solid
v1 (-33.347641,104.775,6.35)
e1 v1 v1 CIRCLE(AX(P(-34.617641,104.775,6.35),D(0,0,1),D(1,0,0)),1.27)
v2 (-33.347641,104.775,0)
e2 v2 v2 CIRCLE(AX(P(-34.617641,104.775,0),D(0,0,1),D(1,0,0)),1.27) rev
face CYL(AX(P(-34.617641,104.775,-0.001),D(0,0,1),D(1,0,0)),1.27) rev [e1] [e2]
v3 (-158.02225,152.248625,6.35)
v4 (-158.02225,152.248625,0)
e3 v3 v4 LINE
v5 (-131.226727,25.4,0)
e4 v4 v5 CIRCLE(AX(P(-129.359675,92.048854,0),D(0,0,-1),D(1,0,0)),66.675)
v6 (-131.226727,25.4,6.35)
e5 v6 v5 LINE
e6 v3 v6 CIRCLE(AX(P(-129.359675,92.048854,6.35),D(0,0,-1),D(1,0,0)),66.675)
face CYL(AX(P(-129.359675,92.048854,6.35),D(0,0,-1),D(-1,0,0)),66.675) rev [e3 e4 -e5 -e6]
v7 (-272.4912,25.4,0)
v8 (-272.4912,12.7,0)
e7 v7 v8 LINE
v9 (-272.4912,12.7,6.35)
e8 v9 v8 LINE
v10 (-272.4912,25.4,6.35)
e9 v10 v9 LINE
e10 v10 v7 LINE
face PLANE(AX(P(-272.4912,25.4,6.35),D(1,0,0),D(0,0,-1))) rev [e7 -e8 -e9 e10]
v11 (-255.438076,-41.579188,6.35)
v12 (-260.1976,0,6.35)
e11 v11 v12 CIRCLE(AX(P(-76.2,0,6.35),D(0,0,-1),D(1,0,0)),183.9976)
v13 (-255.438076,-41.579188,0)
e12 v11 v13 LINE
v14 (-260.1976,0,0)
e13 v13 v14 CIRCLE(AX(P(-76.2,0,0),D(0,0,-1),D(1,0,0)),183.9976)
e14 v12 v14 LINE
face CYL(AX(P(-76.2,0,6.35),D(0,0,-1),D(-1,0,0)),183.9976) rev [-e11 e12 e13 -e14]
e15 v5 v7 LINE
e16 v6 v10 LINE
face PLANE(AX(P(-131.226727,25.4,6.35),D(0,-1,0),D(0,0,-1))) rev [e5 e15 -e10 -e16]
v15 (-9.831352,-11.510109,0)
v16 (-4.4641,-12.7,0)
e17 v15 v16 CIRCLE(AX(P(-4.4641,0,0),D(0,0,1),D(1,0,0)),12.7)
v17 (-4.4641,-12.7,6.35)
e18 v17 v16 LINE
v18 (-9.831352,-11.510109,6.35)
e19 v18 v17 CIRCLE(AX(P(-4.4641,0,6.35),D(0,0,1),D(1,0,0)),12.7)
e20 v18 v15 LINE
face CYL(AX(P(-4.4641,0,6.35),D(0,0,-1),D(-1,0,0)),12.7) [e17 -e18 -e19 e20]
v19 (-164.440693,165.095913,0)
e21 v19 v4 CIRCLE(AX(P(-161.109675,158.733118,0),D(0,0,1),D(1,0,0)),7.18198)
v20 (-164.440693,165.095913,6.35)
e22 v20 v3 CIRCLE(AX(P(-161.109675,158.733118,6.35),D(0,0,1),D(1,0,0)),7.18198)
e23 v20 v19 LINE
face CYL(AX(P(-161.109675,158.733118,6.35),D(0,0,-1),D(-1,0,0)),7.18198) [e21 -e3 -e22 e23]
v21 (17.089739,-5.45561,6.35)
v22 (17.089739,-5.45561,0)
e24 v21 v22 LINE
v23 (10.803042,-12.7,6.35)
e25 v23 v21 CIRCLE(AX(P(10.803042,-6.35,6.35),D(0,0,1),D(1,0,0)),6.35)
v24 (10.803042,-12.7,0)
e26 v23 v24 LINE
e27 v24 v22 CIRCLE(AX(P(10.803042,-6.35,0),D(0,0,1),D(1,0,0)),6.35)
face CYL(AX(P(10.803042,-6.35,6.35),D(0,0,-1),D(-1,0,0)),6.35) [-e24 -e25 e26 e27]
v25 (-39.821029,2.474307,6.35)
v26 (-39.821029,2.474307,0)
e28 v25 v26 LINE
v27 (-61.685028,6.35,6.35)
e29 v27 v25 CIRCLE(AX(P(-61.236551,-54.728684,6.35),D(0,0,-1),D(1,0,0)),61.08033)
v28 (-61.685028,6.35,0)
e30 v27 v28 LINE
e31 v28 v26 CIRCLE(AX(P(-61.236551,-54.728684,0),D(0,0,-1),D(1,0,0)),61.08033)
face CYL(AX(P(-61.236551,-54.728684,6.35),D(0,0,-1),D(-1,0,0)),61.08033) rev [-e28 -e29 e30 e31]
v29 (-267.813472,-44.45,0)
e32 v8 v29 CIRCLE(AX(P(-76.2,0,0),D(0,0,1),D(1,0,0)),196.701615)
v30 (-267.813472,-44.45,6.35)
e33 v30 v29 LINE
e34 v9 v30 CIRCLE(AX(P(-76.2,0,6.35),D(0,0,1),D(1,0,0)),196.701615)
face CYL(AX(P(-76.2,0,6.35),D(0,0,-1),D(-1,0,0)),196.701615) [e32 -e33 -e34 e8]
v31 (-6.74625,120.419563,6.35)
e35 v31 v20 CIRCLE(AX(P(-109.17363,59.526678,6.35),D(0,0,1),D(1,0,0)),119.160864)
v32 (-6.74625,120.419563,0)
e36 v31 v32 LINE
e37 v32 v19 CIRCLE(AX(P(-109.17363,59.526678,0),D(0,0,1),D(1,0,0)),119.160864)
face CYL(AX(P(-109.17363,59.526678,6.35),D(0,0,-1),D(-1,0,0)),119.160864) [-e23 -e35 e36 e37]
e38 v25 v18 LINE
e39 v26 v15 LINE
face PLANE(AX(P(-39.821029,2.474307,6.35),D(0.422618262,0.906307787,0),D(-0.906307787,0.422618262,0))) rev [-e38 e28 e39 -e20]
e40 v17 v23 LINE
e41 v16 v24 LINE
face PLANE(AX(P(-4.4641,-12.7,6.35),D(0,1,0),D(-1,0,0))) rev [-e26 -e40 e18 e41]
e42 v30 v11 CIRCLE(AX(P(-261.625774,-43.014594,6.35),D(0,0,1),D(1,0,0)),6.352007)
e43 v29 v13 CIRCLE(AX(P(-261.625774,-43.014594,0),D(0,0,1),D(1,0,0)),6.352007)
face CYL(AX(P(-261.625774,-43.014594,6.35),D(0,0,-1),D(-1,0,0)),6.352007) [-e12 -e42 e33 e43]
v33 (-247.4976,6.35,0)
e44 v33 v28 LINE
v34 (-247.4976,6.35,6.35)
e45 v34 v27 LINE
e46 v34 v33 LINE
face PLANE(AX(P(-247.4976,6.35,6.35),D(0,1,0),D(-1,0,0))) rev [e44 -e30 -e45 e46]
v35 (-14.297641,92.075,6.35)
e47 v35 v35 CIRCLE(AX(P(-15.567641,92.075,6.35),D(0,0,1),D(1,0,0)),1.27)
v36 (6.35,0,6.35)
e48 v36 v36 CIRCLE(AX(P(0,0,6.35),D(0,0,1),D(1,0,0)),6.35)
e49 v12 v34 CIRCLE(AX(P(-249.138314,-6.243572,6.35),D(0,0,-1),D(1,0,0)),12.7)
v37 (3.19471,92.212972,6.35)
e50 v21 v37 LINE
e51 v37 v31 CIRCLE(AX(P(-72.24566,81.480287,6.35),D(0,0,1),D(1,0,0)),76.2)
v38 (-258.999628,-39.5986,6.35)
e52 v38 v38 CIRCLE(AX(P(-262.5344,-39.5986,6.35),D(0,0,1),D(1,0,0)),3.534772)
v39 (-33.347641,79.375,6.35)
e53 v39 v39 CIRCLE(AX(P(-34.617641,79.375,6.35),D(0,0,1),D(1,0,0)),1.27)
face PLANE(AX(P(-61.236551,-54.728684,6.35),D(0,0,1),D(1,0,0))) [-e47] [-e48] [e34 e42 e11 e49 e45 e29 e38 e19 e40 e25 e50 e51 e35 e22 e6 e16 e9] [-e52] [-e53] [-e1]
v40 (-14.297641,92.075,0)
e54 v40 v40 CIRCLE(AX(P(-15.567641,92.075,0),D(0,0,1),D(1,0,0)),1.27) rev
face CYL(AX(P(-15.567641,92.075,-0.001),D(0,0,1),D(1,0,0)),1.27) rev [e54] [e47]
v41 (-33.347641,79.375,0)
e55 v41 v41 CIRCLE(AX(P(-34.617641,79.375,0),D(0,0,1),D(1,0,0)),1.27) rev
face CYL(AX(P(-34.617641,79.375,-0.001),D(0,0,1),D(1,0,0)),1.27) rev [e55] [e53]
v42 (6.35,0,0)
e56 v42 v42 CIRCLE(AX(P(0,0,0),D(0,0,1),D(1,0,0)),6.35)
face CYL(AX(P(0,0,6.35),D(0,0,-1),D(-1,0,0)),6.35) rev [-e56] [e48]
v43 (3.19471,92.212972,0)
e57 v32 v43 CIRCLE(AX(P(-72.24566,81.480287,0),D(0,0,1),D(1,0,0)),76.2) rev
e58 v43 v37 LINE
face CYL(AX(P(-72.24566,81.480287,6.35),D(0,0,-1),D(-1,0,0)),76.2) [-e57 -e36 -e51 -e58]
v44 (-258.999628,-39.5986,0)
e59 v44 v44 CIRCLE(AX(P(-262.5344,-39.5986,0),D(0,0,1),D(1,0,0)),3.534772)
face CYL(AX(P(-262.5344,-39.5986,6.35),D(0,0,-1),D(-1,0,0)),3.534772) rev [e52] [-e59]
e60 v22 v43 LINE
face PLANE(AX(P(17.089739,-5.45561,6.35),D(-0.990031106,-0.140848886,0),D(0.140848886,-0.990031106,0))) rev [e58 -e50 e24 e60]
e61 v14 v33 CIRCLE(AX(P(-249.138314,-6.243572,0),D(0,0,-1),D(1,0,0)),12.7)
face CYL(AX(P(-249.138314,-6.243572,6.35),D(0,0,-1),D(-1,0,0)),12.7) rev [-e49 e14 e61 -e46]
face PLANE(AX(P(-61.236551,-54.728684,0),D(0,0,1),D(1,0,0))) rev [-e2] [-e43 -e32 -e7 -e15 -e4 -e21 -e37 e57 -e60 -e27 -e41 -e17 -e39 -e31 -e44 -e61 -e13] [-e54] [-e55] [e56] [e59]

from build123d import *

# Parameters (mm, degrees)
SKETCH12_R          = 3.534772165
SKETCH12_R_2        = 6.35
BOSS_EXTRUDE1_DEPTH = 6.35
FILLET1_R           = 76.2
CUT_EXTRUDE1_REACH  = 328.259
SKETCH13_R          = 1.27


with BuildPart() as part:
    # Sketch12 → Boss-Extrude1 (new body)
    with BuildSketch(Plane.XY):
        with BuildLine():
            Line((-39.821029206, 2.474307267), (-9.831351966, -11.510108895))
            ThreePointArc((-9.831351966, -11.510108895), (-7.212883139, -12.39895929), (-4.464100042, -12.7))
            Line((-4.464100042, -12.7), (10.803041567, -12.7))
            ThreePointArc((10.803041567, -12.7), (15.59897105, -10.511917874), (17.089739091, -5.455609571))
            Line((17.089739091, -5.455609571), (1.595718556, 103.452331978))
            ThreePointArc((1.595718556, 103.452331978), (-67.699436665, 171.237030889), (-164.440692675, 165.095912987))
            ThreePointArc((-164.440692675, 165.095912987), (-167.534473509, 155.523319718), (-158.02225004, 152.248624859))
            ThreePointArc((-158.02225004, 152.248624859), (-64.124270807, 105.829190753), (-131.226727106, 25.4))
            Line((-131.226727106, 25.4), (-272.4912, 25.4))
            Line((-272.4912, 25.4), (-272.4912, 12.7))
            ThreePointArc((-272.4912, 12.7), (-272.246013191, -16.046367487), (-267.813472119, -44.45))
            ThreePointArc((-267.813472119, -44.45), (-260.190367935, -49.202291704), (-255.438076231, -41.579187519))
            ThreePointArc((-255.438076231, -41.579187519), (-259.003846596, -20.925354843), (-260.1976, 0))
            ThreePointArc((-260.1976, 0), (-254.817926624, 5.115653247), (-247.4976, 6.35))
            Line((-247.4976, 6.35), (-61.685028221, 6.35))
            ThreePointArc((-61.685028221, 6.35), (-50.5754306, 5.414040325), (-39.821029206, 2.474307267))
        make_face()
        with Locations((-262.5344, -39.5986)):
            Circle(SKETCH12_R, mode=Mode.SUBTRACT)
        Circle(SKETCH12_R_2, mode=Mode.SUBTRACT)
    extrude(amount=BOSS_EXTRUDE1_DEPTH)

    # Fillet1
    fillet1_edges = [part.edges().sort_by_distance(p)[0] for p in [
        (1.595718556, 103.452331978, 3.175),
    ]]
    fillet(fillet1_edges, radius=FILLET1_R)

    # Sketch13 → Cut-Extrude1 (cut, up to next)
    with BuildSketch(Plane.XY.offset(6.35), mode=Mode.PRIVATE) as cut_extrude1_sk1:
        with Locations((-15.567641436, 92.075)):
            Circle(SKETCH13_R)
    cut_extrude1_tool1 = extrude(cut_extrude1_sk1.sketch, amount=-CUT_EXTRUDE1_REACH, mode=Mode.PRIVATE) & part.part
    # Sketch13 → Cut-Extrude1 (cut, up to next)
    with BuildSketch(Plane.XY.offset(6.35), mode=Mode.PRIVATE) as cut_extrude1_sk2:
        with Locations((-34.617641436, 104.775)):
            Circle(SKETCH13_R)
    cut_extrude1_tool2 = extrude(cut_extrude1_sk2.sketch, amount=-CUT_EXTRUDE1_REACH, mode=Mode.PRIVATE) & part.part
    # Sketch13 → Cut-Extrude1 (cut, up to next)
    with BuildSketch(Plane.XY.offset(6.35), mode=Mode.PRIVATE) as cut_extrude1_sk3:
        with Locations((-34.617641436, 79.375)):
            Circle(SKETCH13_R)
    cut_extrude1_tool3 = extrude(cut_extrude1_sk3.sketch, amount=-CUT_EXTRUDE1_REACH, mode=Mode.PRIVATE) & part.part
    add(cut_extrude1_tool1.solids().sort_by_distance((-15.567641, 92.075, 6.35))[0], mode=Mode.SUBTRACT)
    add(cut_extrude1_tool2.solids().sort_by_distance((-34.617641, 104.775, 6.35))[0], mode=Mode.SUBTRACT)
    add(cut_extrude1_tool3.solids().sort_by_distance((-34.617641, 79.375, 6.35))[0], mode=Mode.SUBTRACT)


solid = part.part
